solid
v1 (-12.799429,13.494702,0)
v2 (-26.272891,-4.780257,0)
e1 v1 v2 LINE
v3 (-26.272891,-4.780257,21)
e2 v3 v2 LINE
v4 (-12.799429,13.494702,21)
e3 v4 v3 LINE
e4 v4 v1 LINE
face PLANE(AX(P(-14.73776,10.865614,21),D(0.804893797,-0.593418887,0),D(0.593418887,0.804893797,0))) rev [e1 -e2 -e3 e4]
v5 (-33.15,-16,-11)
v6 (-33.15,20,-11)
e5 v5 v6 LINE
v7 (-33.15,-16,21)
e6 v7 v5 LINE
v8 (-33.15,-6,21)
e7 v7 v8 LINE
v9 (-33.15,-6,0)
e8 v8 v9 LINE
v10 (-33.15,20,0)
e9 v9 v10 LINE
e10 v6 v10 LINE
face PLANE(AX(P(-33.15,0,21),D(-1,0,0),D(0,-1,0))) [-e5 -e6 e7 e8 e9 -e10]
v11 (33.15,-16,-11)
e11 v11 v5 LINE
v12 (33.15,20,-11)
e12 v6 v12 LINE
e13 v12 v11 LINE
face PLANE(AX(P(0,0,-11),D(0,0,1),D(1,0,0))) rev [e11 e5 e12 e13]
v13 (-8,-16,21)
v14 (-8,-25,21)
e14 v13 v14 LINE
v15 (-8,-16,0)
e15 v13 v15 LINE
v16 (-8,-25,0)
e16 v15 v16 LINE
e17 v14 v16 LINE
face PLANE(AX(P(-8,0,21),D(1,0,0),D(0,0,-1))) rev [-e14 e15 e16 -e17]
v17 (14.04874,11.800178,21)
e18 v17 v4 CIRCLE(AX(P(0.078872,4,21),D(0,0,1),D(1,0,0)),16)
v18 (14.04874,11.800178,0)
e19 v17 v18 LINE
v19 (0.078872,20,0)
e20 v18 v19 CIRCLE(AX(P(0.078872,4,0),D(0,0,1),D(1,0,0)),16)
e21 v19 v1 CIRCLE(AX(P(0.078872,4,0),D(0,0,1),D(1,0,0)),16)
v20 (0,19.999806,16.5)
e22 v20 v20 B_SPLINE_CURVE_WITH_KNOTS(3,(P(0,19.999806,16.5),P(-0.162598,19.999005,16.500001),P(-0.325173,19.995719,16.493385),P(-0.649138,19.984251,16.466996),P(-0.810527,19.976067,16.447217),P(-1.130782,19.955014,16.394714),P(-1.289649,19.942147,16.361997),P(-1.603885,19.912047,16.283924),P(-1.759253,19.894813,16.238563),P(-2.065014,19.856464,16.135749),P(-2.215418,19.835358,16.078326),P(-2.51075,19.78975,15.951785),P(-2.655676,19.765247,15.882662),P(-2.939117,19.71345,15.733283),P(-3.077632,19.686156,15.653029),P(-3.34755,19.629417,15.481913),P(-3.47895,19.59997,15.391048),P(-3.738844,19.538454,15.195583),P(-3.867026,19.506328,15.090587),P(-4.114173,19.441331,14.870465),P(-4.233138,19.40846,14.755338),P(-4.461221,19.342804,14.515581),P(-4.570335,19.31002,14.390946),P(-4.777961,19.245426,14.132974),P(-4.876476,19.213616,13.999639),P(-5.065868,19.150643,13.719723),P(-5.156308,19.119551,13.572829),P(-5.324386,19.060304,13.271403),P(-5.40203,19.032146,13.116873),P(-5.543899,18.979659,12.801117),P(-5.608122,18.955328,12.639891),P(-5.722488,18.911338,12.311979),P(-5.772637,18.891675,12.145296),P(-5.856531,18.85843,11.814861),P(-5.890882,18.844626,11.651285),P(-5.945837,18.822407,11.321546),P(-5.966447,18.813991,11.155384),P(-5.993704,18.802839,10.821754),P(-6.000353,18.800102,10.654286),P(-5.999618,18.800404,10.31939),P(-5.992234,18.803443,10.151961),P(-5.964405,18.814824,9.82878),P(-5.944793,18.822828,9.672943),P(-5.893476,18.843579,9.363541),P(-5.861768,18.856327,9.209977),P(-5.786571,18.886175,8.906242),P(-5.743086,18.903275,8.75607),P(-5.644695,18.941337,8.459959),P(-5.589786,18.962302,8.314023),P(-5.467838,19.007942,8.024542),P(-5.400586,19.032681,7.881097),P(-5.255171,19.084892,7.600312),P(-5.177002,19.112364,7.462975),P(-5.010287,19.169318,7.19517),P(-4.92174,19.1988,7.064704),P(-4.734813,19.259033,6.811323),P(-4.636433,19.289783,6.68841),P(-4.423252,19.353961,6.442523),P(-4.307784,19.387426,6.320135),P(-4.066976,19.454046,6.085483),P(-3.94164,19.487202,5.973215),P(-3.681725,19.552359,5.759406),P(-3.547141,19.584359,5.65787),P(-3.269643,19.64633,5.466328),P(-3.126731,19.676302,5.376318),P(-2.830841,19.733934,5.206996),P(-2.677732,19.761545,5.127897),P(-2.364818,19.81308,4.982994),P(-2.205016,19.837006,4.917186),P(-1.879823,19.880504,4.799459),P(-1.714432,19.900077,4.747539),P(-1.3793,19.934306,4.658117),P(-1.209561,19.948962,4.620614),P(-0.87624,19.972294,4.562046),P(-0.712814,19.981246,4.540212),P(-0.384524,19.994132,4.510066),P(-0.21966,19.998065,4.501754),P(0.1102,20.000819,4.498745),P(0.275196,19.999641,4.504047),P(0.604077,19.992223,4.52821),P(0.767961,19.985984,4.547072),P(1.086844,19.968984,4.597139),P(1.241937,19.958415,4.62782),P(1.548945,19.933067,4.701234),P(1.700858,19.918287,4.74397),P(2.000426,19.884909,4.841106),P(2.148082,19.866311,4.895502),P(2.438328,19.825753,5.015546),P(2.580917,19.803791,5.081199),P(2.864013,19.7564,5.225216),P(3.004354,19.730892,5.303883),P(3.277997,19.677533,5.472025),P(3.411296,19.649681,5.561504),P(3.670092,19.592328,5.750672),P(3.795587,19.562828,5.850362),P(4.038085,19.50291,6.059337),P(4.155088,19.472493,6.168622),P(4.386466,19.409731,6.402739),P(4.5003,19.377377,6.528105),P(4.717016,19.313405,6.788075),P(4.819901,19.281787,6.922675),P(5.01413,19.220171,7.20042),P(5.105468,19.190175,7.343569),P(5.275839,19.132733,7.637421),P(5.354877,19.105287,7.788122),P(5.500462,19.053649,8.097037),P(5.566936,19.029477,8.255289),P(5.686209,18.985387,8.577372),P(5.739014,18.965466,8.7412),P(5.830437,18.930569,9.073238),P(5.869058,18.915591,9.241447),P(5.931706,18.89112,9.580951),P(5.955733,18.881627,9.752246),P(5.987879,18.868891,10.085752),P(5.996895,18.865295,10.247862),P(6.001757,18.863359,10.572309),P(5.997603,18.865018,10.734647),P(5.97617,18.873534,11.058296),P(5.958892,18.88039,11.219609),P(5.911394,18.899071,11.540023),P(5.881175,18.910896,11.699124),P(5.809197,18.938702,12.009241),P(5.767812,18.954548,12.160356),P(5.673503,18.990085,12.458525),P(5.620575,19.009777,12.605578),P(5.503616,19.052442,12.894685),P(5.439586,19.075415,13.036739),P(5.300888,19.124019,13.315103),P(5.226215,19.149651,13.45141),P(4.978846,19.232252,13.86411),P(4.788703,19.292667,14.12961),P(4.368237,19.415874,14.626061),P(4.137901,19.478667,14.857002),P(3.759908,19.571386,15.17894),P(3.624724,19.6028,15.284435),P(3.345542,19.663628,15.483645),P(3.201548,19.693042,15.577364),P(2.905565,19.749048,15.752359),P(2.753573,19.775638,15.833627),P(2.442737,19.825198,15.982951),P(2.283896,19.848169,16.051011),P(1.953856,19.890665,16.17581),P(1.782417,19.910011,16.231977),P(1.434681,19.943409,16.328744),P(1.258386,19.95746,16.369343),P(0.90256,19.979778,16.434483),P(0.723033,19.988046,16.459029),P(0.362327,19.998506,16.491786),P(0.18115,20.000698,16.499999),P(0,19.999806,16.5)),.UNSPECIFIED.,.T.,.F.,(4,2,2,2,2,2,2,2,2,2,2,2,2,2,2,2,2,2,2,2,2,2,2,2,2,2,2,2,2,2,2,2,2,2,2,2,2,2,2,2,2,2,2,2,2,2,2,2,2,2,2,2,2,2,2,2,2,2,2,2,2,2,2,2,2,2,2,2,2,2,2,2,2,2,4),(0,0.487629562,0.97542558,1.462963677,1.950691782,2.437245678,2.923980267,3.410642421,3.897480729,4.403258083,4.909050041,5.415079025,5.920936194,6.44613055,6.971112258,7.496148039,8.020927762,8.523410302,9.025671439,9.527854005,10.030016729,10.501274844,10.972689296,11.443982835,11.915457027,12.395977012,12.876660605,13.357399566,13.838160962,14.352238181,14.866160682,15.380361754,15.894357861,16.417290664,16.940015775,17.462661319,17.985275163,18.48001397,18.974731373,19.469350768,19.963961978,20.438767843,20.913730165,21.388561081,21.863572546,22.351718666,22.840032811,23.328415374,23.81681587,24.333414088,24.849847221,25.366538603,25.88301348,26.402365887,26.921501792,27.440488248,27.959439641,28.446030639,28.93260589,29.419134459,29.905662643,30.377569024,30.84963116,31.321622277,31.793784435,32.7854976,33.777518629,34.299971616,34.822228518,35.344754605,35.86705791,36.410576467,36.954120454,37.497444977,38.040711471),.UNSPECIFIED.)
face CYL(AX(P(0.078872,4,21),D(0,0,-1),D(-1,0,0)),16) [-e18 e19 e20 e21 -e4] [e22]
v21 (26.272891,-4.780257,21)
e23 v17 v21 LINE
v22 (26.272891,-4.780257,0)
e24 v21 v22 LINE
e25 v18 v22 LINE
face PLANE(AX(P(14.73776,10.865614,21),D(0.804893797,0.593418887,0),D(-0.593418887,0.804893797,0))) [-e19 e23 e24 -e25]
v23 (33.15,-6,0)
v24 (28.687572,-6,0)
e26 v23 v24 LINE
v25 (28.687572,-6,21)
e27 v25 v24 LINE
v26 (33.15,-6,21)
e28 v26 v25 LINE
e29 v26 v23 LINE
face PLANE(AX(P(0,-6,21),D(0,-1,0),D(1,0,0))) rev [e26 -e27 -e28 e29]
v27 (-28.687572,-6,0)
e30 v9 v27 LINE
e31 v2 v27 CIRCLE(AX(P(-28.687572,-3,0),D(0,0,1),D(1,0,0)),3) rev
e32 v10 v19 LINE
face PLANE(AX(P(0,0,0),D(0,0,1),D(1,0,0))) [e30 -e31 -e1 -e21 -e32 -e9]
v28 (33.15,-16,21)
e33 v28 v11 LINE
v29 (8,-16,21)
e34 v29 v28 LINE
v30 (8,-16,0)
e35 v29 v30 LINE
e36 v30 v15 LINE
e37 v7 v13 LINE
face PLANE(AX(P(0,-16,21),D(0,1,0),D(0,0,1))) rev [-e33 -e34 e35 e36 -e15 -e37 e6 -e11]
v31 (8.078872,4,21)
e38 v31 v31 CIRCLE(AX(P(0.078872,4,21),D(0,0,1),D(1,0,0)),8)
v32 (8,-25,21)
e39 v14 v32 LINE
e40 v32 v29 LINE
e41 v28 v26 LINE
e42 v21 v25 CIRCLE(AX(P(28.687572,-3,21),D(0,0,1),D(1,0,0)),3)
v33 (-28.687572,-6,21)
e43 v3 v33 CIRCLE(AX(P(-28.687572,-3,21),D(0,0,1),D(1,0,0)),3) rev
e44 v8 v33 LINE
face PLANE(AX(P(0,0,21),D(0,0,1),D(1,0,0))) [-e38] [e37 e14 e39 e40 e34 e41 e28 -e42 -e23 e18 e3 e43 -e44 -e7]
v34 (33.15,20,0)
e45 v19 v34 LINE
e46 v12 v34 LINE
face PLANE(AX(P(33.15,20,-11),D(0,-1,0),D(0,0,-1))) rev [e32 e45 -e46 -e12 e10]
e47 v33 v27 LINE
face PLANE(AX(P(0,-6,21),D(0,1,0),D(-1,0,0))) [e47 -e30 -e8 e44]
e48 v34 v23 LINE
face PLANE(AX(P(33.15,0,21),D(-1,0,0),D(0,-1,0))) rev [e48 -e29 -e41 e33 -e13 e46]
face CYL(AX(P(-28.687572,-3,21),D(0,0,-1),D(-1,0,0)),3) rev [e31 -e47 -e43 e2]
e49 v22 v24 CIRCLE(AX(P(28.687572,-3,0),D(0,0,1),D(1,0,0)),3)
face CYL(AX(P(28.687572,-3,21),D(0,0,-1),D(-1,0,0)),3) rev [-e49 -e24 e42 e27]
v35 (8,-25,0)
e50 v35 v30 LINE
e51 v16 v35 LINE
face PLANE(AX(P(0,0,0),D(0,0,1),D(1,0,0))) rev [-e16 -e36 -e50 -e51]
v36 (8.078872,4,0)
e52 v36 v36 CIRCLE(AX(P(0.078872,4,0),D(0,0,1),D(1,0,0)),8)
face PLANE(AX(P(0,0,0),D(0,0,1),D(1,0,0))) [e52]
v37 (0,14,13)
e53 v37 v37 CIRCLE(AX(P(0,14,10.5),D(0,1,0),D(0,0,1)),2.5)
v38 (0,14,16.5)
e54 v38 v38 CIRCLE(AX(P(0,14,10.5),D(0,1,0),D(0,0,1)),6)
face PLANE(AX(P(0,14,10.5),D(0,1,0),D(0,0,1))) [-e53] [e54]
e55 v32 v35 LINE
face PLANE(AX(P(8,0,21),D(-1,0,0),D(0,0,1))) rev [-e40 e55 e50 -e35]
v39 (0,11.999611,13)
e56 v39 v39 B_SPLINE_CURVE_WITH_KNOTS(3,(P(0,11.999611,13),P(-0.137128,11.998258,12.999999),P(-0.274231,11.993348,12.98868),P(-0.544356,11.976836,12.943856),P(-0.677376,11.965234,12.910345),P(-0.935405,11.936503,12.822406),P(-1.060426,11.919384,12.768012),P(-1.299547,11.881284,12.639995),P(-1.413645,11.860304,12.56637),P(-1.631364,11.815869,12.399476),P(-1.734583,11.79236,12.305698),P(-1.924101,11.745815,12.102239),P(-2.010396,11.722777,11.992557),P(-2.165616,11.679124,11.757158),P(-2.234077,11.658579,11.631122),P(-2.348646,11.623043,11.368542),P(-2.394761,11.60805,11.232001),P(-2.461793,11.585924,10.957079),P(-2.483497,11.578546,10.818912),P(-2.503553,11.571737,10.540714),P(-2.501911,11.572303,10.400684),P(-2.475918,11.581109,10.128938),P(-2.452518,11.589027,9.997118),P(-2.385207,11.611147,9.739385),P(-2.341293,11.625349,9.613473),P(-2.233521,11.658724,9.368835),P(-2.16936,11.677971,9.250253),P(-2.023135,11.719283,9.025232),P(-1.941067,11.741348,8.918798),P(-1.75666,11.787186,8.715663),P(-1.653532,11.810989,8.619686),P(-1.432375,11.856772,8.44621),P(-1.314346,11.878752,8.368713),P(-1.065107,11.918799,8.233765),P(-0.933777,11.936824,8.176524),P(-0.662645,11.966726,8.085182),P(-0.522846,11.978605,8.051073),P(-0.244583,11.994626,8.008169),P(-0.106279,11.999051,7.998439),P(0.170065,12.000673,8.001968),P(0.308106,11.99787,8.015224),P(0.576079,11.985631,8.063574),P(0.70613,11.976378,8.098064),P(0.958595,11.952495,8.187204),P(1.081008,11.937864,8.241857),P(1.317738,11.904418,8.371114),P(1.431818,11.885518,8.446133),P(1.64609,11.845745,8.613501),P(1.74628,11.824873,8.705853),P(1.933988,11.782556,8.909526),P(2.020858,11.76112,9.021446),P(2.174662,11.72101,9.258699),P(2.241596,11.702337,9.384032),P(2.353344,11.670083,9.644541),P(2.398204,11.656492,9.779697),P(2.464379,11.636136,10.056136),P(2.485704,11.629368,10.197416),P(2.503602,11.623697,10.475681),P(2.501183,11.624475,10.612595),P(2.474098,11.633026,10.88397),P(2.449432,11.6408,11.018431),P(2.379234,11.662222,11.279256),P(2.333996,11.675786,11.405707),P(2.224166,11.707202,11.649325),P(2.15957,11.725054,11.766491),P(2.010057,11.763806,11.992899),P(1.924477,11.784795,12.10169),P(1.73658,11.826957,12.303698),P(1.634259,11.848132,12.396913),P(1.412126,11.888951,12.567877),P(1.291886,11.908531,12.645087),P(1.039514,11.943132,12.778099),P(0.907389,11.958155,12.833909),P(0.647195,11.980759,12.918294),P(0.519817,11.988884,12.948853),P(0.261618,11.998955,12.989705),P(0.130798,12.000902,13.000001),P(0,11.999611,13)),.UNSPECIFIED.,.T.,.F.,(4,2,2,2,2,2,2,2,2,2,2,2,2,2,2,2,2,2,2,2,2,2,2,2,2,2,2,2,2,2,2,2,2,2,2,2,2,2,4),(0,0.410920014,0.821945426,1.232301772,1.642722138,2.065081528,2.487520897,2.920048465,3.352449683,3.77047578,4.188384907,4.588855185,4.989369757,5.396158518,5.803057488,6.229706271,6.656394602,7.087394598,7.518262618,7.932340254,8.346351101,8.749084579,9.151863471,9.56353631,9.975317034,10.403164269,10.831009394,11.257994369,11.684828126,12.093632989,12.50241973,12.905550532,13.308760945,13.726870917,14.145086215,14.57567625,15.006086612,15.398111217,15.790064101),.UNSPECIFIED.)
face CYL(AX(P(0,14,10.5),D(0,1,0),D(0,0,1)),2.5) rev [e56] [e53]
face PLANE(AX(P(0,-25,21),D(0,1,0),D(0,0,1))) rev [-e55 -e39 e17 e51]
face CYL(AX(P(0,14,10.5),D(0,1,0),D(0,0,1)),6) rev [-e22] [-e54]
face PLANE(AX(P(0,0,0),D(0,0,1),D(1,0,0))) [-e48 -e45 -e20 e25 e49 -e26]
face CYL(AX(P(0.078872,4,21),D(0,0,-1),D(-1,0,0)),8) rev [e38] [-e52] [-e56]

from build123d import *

# Parameters (mm, degrees)
SKETCH1_R              = 8
BOSS_EXTRUDE1_DEPTH    = 21
SKETCH2_W              = 66.3
SKETCH2_H              = 36
BOSS_EXTRUDE2_DEPTH    = 11
SKETCH19_R             = 6
CUT_EXTRUDE7_DEPTH     = 6
M6_TAPPED_HOLE1_REACH  = 57.517
M6_TAPPED_HOLE1_BORE_R = 2.5


with BuildPart() as part:
    # Sketch1 → Boss-Extrude1 (new body)
    with BuildSketch(Plane.XY):
        with BuildLine():
            Line((-33.15, -16), (-8, -16))
            Line((-8, -16), (-8, -25))
            Line((-8, -25), (8, -25))
            Line((8, -25), (8, -16))
            Line((8, -16), (33.15, -16))
            Line((33.15, -16), (33.15, -6))
            Line((33.15, -6), (28.687572119, -6))
            ThreePointArc((28.687572119, -6), (27.334939497, -5.677757455), (26.272890727, -4.78025666))
            Line((26.272890727, -4.78025666), (14.048740351, 11.800177564))
            ThreePointArc((14.048740351, 11.800177564), (1.086707772, 19.968226779), (-12.799429053, 13.494702186))
            Line((-12.799429053, 13.494702186), (-26.272890727, -4.78025666))
            ThreePointArc((-26.272890727, -4.78025666), (-27.334939497, -5.677757455), (-28.687572119, -6))
            Line((-28.687572119, -6), (-33.15, -6))
            Line((-33.15, -6), (-33.15, -16))
        make_face()
        with Locations(Location((0.078871705, 4, 0), (0, 0, 180))):
            Circle(SKETCH1_R, mode=Mode.SUBTRACT)
    extrude(amount=BOSS_EXTRUDE1_DEPTH)

    # Sketch2 → Boss-Extrude2 (add)
    with BuildSketch(Plane(origin=(0, 0, 0), x_dir=(-1, 0, 0), z_dir=(0, 0, -1))):
        with Locations((0, 2)):
            Rectangle(SKETCH2_W, SKETCH2_H)
    extrude(amount=BOSS_EXTRUDE2_DEPTH)

    # Sketch19 → Cut-Extrude7 (cut)
    with BuildSketch(Plane(origin=(0, 20, 0), x_dir=(1, 0, 0), z_dir=(0, 1, 0))):
        with Locations(Location((0, -10.5, 0), (0, 0, 270))):
            Circle(SKETCH19_R)
    extrude(amount=-CUT_EXTRUDE7_DEPTH, mode=Mode.SUBTRACT)

    # M6 Tapped Hole1 bore (on position points) → M6 Tapped Hole1 (cut, up to next)
    with BuildSketch(Plane(origin=(0, 14, 10.5), x_dir=(0, 0, 1), z_dir=(0, 1, 0)), mode=Mode.PRIVATE) as m6_tapped_hole1_sk1:
        Circle(M6_TAPPED_HOLE1_BORE_R)
    m6_tapped_hole1_tool1 = extrude(m6_tapped_hole1_sk1.sketch, amount=-M6_TAPPED_HOLE1_REACH, mode=Mode.PRIVATE) & part.part
    add(m6_tapped_hole1_tool1.solids().sort_by_distance((0, 14, 10.5))[0], mode=Mode.SUBTRACT)


solid = part.part
